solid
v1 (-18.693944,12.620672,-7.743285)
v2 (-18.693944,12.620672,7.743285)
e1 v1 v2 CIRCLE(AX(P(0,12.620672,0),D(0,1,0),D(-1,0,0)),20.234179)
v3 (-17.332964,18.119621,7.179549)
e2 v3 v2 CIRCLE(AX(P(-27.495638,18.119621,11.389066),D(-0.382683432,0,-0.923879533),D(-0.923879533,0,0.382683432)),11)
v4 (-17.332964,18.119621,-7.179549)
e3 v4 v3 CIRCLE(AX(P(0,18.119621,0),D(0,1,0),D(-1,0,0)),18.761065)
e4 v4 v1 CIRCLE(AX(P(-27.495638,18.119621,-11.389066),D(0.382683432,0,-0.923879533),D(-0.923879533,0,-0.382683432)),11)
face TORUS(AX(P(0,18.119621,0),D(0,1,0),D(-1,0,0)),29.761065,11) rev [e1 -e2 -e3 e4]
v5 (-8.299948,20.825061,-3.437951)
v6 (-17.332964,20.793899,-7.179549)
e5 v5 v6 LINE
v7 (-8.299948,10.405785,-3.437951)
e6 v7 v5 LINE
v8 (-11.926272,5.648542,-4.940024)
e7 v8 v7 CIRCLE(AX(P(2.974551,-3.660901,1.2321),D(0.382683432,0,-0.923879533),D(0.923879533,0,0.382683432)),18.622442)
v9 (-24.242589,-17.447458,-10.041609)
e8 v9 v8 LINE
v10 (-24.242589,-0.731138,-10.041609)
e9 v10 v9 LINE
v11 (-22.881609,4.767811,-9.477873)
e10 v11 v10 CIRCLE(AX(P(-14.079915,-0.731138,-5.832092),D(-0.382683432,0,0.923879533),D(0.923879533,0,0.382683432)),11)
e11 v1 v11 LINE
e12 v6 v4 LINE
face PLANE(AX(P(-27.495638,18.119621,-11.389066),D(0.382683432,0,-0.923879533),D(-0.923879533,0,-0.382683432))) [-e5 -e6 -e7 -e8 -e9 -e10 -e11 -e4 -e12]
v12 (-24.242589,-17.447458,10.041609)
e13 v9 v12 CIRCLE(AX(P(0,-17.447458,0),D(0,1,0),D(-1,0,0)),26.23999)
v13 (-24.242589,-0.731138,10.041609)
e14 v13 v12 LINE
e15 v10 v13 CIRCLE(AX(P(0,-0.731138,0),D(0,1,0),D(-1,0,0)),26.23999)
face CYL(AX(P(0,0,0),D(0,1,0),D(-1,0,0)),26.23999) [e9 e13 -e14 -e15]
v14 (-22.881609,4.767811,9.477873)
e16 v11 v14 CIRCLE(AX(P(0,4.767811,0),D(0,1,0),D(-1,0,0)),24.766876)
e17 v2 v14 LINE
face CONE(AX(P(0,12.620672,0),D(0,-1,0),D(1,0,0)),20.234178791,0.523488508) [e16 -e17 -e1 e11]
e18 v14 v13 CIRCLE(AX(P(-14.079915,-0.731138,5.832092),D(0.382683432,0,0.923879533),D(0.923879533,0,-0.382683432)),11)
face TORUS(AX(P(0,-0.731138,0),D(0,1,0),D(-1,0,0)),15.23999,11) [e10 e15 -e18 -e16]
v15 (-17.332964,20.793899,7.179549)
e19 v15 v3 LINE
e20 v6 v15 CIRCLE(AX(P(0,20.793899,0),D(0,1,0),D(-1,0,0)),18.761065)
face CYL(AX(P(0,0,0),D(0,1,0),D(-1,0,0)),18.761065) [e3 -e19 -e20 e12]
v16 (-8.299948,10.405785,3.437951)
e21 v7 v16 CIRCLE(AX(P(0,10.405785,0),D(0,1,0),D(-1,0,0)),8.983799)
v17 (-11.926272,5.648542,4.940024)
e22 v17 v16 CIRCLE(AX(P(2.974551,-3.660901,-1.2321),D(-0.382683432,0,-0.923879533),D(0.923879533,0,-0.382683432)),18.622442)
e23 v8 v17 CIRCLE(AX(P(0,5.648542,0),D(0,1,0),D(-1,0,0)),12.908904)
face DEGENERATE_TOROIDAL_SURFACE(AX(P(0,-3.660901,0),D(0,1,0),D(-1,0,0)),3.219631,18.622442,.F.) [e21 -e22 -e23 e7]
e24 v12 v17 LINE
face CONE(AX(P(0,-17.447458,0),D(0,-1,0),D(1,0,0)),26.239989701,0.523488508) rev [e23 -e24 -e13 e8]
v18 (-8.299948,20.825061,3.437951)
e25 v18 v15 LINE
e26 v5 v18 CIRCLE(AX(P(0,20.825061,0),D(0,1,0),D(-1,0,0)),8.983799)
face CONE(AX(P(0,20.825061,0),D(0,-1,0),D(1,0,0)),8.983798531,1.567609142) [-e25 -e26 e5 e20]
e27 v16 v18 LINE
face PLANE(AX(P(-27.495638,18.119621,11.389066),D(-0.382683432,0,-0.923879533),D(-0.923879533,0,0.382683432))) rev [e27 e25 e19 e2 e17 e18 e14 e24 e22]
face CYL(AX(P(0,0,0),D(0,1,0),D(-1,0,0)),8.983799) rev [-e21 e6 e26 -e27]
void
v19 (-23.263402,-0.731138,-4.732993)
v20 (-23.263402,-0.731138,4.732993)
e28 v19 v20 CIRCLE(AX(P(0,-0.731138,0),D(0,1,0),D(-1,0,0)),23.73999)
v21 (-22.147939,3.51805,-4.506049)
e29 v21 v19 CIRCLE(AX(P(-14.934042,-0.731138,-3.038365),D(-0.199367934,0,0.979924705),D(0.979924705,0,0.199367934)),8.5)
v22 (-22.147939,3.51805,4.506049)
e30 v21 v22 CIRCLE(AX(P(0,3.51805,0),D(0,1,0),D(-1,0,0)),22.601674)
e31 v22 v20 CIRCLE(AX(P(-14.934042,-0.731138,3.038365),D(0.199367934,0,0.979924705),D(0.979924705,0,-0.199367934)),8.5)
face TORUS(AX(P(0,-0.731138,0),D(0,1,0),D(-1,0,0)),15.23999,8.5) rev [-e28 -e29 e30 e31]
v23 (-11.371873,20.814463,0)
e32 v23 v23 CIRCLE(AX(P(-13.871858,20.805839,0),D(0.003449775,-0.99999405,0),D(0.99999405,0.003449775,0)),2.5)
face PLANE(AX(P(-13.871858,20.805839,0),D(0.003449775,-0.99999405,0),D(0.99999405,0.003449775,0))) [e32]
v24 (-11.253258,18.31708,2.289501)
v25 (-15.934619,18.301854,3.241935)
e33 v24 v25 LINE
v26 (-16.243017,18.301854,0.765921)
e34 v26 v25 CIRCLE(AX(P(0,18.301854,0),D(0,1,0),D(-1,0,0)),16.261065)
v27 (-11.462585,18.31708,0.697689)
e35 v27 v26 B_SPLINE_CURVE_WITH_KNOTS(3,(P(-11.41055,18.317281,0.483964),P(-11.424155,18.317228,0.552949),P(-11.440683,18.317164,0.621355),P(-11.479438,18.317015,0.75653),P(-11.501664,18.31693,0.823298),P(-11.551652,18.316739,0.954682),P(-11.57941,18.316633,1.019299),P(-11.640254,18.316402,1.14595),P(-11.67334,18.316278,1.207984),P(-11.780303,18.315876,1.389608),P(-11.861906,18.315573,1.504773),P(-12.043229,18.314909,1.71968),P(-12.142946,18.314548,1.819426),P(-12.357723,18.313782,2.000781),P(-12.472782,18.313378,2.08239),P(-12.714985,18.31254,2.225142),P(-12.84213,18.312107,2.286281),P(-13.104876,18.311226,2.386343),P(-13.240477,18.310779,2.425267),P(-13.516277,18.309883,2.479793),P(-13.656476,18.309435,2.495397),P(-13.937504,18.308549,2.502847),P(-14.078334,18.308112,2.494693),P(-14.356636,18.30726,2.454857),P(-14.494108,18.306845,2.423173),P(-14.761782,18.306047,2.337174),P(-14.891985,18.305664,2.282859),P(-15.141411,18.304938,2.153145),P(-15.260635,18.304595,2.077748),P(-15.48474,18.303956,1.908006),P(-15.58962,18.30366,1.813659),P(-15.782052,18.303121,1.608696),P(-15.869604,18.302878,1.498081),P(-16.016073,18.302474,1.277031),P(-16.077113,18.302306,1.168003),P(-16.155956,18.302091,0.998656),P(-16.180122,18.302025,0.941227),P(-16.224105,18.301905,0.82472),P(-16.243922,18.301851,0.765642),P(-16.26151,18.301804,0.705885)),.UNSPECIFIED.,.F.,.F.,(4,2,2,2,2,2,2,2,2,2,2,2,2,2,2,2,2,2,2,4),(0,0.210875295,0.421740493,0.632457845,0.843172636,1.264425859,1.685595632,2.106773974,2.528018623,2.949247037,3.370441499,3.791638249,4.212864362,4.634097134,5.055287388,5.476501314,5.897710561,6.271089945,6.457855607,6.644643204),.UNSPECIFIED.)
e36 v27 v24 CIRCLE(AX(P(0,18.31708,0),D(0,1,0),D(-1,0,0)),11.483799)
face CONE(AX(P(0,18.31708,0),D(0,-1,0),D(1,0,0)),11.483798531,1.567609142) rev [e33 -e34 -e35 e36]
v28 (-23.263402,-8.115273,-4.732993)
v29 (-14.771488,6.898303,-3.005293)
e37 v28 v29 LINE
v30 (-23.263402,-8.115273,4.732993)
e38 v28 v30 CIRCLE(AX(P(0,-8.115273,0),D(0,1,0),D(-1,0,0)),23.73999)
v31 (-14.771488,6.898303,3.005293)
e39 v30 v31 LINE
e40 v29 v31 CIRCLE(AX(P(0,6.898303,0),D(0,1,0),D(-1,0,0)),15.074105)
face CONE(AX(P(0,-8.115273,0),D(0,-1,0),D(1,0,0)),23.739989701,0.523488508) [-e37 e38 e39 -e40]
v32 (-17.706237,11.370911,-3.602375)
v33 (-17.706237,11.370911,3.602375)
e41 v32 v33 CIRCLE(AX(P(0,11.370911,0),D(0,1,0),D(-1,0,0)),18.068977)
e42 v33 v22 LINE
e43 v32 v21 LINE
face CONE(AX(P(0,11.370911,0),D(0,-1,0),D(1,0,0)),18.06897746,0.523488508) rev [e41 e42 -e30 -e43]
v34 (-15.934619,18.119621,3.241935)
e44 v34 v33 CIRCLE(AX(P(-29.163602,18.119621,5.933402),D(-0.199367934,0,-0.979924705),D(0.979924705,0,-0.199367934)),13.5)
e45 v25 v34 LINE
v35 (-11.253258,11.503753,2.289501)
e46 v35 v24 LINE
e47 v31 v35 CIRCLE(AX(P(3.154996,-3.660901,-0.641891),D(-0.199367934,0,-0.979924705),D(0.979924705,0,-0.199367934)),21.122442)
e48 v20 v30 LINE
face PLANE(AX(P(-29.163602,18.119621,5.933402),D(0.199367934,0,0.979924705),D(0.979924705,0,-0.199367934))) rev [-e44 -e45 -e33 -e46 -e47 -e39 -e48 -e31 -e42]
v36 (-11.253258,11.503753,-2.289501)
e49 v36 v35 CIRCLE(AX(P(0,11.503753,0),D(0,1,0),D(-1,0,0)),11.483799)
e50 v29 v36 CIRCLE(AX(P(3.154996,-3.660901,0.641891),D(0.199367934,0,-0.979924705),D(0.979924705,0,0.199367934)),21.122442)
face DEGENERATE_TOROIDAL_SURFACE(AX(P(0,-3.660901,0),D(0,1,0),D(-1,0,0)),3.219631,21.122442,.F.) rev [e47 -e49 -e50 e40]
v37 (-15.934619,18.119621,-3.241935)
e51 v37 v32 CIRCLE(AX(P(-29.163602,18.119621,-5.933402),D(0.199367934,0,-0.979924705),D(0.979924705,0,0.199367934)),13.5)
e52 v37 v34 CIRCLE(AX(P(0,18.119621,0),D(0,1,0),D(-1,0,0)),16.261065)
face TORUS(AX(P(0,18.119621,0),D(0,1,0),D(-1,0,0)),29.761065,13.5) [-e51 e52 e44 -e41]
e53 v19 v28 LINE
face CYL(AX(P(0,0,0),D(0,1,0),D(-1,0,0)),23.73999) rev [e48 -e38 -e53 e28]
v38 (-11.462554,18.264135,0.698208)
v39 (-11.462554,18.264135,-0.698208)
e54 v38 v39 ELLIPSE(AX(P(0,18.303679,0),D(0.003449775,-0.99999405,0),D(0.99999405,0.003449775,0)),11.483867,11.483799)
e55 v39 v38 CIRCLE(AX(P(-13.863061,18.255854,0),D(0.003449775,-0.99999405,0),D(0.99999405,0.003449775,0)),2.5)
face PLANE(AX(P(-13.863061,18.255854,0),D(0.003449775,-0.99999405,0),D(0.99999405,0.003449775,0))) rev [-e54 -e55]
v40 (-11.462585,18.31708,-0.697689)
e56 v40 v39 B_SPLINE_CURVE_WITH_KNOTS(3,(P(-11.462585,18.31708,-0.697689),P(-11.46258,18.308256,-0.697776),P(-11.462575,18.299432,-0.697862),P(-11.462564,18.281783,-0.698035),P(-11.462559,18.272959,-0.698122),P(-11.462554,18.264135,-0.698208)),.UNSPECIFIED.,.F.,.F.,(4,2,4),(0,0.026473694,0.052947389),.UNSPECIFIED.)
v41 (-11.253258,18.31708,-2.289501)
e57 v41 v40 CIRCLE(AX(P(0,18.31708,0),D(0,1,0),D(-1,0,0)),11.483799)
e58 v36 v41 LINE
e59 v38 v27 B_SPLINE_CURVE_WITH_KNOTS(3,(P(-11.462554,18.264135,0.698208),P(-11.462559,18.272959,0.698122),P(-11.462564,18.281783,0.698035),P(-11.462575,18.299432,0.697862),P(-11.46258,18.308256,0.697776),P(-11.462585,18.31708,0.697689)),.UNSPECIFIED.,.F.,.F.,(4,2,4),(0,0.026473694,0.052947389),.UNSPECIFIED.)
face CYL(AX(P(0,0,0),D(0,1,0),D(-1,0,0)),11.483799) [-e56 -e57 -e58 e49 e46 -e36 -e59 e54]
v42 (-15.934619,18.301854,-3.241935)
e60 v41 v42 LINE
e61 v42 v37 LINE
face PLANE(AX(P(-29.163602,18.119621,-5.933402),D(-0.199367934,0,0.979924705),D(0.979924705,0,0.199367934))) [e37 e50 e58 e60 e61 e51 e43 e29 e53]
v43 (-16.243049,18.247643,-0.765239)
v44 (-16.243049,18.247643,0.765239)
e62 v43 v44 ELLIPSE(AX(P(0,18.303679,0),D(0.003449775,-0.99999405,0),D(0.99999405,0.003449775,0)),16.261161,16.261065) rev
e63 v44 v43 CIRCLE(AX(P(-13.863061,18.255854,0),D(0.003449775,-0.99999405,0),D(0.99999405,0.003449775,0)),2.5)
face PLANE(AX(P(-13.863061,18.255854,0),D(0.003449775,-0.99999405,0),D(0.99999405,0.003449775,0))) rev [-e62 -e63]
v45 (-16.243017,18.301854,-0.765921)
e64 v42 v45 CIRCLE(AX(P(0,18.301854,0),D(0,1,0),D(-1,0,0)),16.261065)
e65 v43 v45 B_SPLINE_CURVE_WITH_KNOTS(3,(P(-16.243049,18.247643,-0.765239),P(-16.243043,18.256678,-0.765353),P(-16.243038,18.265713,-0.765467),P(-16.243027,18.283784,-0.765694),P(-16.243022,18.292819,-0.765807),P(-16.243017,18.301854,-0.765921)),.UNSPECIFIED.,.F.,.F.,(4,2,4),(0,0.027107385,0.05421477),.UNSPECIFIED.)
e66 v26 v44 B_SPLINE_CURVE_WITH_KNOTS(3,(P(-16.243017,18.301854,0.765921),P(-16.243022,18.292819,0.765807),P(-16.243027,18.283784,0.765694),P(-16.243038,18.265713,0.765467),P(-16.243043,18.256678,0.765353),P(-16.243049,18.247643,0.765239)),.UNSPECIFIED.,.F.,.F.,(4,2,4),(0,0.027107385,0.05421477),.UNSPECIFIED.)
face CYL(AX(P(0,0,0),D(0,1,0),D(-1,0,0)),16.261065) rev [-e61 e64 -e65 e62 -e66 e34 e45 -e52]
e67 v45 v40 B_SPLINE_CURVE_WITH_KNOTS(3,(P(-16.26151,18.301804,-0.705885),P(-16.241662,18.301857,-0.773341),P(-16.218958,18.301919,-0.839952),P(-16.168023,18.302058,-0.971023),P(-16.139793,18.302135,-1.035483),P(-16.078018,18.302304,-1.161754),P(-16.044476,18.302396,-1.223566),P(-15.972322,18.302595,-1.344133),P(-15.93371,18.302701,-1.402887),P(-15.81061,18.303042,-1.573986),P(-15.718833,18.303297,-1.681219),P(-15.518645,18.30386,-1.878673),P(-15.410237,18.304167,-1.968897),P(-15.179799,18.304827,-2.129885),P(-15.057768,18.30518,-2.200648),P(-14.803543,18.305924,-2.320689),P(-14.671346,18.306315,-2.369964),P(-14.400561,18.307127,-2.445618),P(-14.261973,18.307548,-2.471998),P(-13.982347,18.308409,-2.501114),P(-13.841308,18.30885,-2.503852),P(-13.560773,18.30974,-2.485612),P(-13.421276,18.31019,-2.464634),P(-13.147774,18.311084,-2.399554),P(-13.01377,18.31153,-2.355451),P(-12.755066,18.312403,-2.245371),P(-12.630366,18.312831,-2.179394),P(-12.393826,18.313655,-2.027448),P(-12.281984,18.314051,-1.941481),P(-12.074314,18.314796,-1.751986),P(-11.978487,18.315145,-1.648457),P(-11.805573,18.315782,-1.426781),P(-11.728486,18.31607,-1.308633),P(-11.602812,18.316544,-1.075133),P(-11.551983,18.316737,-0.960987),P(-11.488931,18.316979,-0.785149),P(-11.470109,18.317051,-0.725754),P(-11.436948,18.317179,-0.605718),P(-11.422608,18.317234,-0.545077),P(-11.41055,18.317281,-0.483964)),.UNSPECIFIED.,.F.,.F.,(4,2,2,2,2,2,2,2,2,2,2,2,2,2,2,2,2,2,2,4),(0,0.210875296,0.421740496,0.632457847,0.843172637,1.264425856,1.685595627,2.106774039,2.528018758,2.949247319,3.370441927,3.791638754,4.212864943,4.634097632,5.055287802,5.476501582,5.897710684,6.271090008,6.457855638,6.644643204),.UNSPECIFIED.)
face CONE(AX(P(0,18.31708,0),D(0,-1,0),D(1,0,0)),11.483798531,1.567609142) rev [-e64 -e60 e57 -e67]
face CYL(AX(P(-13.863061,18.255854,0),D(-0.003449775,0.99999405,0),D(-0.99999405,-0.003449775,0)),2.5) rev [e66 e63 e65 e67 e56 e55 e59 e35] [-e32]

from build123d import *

# Parameters (mm, degrees)
REVOLVE1_ANGLE     = 45
CUT_REVOLVE5_ANGLE = 23
SKETCH5_R          = 2.5
CUT_EXTRUDE1_DEPTH = 2.55


with BuildPart() as part:
    # Sketch1 → Revolve1 (revolve, symmetric)
    with BuildSketch(Plane.XY) as revolve1_sk:
        with BuildLine():
            Line((-26.239989701, -17.447458038), (-26.239989701, -0.731138339))
            ThreePointArc((-26.239989701, -0.731138339), (-25.865330741, 2.115285345), (-24.766875558, 4.767811185))
            Line((-24.766875558, 4.767811185), (-20.234178791, 12.620671907))
            ThreePointArc((-20.234178791, 12.620671907), (-19.135723608, 15.273197747), (-18.761064648, 18.119621431))
            Line((-18.761064648, 18.119621431), (-18.761064648, 20.793898522))
            Line((-18.761064648, 20.793898522), (-8.983798531, 20.825060578))
            Line((-8.983798531, 20.825060578), (-8.983798531, 10.405785055))
            ThreePointArc((-8.983798531, 10.405785055), (-11.144661105, 8.19078498), (-12.908903509, 5.648541651))
            Line((-12.908903509, 5.648541651), (-26.239989701, -17.447458038))
        make_face()
    revolve(axis=Axis((0, 0, 0), (0, -1, 0)), revolution_arc=REVOLVE1_ANGLE / 2)
    revolve(revolve1_sk.sketch, axis=Axis((0, 0, 0), (0, 1, 0)), revolution_arc=REVOLVE1_ANGLE / 2)

    # Sketch4 → Cut-Revolve5 (revolve, symmetric, cut)
    with BuildSketch(Plane.XY) as cut_revolve5_sk:
        with BuildLine():
            Line((-18.06897746, 11.370910651), (-22.601674227, 3.51804993))
            ThreePointArc((-22.601674227, 3.51804993), (-23.450480505, 1.468370871), (-23.739989701, -0.731138339))
            Line((-23.739989701, -0.731138339), (-23.739989701, -8.115272969))
            Line((-23.739989701, -8.115272969), (-15.07410484, 6.898302907))
            ThreePointArc((-15.07410484, 6.898302907), (-13.438873503, 9.325699255), (-11.483798531, 11.503752607))
            Line((-11.483798531, 11.503752607), (-11.483798531, 18.317079893))
            Line((-11.483798531, 18.317079893), (-16.261064648, 18.301853813))
            Line((-16.261064648, 18.301853813), (-16.261064648, 18.119621431))
            ThreePointArc((-16.261064648, 18.119621431), (-16.720873371, 14.626283274), (-18.06897746, 11.370910651))
        make_face()
    revolve(axis=Axis((0, 0, 0), (0, -1, 0)), revolution_arc=CUT_REVOLVE5_ANGLE / 2, mode=Mode.SUBTRACT)
    revolve(cut_revolve5_sk.sketch, axis=Axis((0, 0, 0), (0, 1, 0)), revolution_arc=CUT_REVOLVE5_ANGLE / 2, mode=Mode.SUBTRACT)

    # Sketch5 → Cut-Extrude1 (cut)
    with BuildSketch(Plane(origin=(-0.071940118, 20.85344552, 0), x_dir=(-0.9999940495093123, -0.003449774770501149, 0), z_dir=(0.003449774770501149, -0.9999940495093123, 0))):
        with Locations(Location((13.8, 0, 0), (0, 0, 342.175900363))):
            Circle(SKETCH5_R)
    extrude(amount=CUT_EXTRUDE1_DEPTH, mode=Mode.SUBTRACT)


solid = part.part
